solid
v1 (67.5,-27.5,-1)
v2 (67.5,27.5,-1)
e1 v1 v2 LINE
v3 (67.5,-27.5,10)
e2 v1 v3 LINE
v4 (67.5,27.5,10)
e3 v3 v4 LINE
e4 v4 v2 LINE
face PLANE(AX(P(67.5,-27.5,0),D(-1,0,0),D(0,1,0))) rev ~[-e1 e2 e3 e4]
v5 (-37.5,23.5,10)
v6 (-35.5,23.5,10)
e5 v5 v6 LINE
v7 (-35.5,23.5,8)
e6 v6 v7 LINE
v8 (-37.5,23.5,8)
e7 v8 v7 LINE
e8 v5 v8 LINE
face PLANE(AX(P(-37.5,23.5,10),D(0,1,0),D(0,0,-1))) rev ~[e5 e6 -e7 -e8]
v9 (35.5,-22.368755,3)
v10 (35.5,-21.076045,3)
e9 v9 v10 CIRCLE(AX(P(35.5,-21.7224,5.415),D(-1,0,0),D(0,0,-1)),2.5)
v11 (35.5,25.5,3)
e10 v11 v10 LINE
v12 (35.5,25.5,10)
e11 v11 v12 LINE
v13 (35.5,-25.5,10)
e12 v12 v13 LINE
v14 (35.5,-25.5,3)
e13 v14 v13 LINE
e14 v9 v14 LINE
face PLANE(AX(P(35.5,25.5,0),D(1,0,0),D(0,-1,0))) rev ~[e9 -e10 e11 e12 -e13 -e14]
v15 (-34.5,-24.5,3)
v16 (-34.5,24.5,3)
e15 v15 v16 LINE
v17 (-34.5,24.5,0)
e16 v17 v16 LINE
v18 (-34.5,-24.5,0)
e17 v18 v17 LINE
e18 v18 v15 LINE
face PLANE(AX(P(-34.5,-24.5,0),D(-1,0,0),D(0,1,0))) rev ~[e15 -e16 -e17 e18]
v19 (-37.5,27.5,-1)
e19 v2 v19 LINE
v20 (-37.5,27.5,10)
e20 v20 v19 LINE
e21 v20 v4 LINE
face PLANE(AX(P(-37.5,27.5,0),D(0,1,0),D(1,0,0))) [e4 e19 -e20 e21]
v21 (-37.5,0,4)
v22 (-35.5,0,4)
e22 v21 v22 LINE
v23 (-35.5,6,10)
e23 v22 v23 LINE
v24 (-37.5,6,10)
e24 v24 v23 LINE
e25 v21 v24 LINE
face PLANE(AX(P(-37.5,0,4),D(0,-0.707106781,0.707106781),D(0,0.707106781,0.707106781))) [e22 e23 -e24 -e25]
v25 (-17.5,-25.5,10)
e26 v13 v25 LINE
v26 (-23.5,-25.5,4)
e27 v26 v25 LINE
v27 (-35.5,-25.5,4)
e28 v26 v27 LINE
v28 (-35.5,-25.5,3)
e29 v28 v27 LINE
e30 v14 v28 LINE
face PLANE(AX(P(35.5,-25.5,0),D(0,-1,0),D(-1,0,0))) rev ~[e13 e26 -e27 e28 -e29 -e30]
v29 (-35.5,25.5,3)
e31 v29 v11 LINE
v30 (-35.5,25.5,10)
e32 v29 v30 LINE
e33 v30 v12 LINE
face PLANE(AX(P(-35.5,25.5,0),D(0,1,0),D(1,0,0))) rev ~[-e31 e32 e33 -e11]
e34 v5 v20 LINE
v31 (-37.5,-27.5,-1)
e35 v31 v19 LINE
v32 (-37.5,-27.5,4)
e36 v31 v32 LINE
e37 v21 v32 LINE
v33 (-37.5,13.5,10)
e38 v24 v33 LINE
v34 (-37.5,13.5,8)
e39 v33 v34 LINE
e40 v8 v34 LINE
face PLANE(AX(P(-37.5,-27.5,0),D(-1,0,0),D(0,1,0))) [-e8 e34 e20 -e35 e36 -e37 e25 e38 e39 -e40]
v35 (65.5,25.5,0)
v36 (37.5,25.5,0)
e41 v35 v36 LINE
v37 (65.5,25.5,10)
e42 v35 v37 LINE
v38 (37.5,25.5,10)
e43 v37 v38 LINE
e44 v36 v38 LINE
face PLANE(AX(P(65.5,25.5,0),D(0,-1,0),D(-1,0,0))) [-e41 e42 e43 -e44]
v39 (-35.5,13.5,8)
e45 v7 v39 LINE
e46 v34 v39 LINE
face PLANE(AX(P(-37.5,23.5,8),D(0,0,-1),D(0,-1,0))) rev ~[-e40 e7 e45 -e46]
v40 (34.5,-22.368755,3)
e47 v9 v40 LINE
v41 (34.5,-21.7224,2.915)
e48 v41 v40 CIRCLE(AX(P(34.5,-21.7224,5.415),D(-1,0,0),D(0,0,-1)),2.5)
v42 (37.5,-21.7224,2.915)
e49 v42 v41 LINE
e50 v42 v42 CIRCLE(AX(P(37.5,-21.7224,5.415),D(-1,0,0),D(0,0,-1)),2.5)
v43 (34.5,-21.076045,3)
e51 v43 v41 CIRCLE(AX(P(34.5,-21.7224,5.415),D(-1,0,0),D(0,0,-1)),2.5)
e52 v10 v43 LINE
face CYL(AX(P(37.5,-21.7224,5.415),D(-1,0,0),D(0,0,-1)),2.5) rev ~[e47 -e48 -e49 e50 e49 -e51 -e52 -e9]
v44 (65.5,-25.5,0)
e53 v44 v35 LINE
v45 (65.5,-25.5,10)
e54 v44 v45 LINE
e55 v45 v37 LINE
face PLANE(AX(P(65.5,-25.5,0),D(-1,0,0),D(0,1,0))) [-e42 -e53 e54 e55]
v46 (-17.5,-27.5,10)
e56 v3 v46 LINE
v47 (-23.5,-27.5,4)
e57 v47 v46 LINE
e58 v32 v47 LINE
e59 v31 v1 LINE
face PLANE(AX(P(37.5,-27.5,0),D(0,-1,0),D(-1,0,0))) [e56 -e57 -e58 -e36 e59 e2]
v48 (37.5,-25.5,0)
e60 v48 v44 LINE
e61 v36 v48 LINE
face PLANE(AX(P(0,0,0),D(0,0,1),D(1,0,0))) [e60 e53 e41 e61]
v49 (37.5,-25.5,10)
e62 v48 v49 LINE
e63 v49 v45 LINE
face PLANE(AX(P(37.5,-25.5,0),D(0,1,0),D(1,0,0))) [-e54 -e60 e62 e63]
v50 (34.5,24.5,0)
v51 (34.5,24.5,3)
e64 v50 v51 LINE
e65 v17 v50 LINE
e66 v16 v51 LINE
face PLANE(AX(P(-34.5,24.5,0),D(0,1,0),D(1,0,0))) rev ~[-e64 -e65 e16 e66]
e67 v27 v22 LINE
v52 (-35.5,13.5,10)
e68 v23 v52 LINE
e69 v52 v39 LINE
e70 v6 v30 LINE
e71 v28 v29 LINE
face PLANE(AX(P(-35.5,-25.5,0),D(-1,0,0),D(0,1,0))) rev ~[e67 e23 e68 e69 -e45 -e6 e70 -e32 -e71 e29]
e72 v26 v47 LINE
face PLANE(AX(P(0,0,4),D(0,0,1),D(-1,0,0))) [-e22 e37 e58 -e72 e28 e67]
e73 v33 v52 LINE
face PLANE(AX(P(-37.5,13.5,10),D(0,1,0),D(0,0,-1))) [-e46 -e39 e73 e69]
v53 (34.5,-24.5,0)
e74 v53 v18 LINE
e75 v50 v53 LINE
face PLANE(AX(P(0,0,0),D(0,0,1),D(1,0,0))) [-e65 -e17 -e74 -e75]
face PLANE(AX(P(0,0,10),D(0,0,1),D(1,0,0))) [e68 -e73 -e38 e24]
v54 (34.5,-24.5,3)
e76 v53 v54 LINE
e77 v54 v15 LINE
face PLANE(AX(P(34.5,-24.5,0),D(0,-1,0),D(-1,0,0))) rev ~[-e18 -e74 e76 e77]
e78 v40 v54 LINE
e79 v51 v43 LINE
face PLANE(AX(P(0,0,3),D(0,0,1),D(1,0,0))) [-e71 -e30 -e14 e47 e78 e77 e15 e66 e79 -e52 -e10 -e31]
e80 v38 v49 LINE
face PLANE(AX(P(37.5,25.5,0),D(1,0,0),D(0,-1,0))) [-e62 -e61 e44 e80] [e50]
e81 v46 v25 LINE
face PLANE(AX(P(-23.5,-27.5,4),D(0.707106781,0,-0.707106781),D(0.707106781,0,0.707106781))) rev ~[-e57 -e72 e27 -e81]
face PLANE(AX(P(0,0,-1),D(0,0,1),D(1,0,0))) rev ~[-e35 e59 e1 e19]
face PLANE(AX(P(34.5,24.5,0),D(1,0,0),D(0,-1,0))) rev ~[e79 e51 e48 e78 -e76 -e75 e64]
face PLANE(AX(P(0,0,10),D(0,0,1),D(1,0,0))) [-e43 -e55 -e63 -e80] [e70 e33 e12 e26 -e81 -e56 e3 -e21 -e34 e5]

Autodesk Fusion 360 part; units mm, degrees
sketch "Sketch1" plane through (0, 0, 0) normal (0, 0, 1) x (1, 0, 0)
  line L0 (35.5, -25.5) -> (-35.5, -25.5)
  line L1 (-35.5, -25.5) -> (-35.5, 25.5)
  line L2 (-35.5, 25.5) -> (35.5, 25.5)
  line L3 (35.5, 25.5) -> (35.5, -25.5)
  line L4 (35.5, -25.5) -> (-35.5, 25.5) construction
  line L5 (-35.5, -25.5) -> (35.5, 25.5) construction
  line L6 (34.5, -24.5) -> (-34.5, -24.5)
  line L7 (-34.5, -24.5) -> (-34.5, 24.5)
  line L8 (-34.5, 24.5) -> (34.5, 24.5)
  line L9 (34.5, 24.5) -> (34.5, -24.5)
  line L10 (-37.5, -27.5) -> (-37.5, 27.5)
  line L11 (-37.5, 27.5) -> (37.5, 27.5)
  line L12 (37.5, 27.5) -> (37.5, -27.5)
  line L13 (37.5, -27.5) -> (-37.5, -27.5)
  line L14 (37.5, -27.5) -> (67.5, -27.5)
  line L15 (67.5, -27.5) -> (67.5, 27.5)
  line L16 (67.5, 27.5) -> (37.5, 27.5)
  line L17 (37.5, 27.5) -> (37.5, -27.5)
  line L18 (37.5, -25.5) -> (65.5, -25.5)
  line L19 (65.5, -25.5) -> (65.5, 25.5)
  line L20 (65.5, 25.5) -> (37.5, 25.5)
  dimension "d1" = 71
  dimension "d2" = 51
  dimension "d3" = 1
  dimension "d4" = -2
  dimension "d5" = 30
  dimension "d6" = 55
  dimension "d7" = -2
extrude "Extrude1" add sketch "Sketch1" along normal blind 10 contours L10 L11 L12 L13 L17 | L12 L14 L15 L16 L17 L18 L19 L20
extrude "Extrude2" add sketch "Sketch1" against normal blind 1 contours L0 L1 L2 L3 | L6 L7 L8 L9 | L10 L11 L12 L13 L17 | L12 L14 L15 L16 L17 L18 L19 L20 | L12 L17 L18 L19 L20
extrude "Extrude3" add sketch "Sketch1" along normal blind 3 contours L0 L1 L2 L3
hole "Hole1" at (37.5, -21.7224, 5.415) direction (-1, 0, 0) diameter 5 depth 5 tip angle 118
sketch "Sketch2" plane through (0, 0, 10) normal (0, 0, 1) x (-1, 0, 0)
  line L0 (35.5, -25.5) -> (-35.5, -25.5)
  line L1 (-35.5, -25.5) -> (-35.5, 25.5)
  line L2 (-35.5, 25.5) -> (35.5, 25.5)
  line L3 (35.5, 25.5) -> (35.5, -25.5)
  line L4 (-37.5, -25.5) -> (-65.5, -25.5)
  line L5 (-65.5, -25.5) -> (-65.5, 25.5)
  line L6 (-65.5, 25.5) -> (-37.5, 25.5)
  line L7 (-37.5, 25.5) -> (-37.5, -25.5)
  line L8 (37.5, 27.5) -> (-67.5, 27.5)
  line L9 (-67.5, 27.5) -> (-67.5, -27.5)
  line L10 (-67.5, -27.5) -> (37.5, -27.5)
  line L11 (37.5, -27.5) -> (37.5, 27.5)
  line L12 (37.5, 0) -> (23.5, 0)
  line L13 (23.5, 0) -> (23.5, 27.5)
  line L14 (23.5, 27.5) -> (37.5, 27.5)
  line L15 (37.5, 27.5) -> (37.5, 0)
  dimension "d17" = 14
extrude "Extrude4" cut sketch "Sketch2" against normal blind 6 contours L2 L3 L8 L11 L12 L13 L14 L15
sketch "Sketch3" plane through (0, -27.5, 0) normal (0, -1, 0) x (1, 0, 0)
  line L0 (-23.5, 4) -> (-37.5, 4)
  line L1 (-37.5, 4) -> (-37.5, -1)
  line L2 (-37.5, -1) -> (67.5, -1)
  line L3 (67.5, -1) -> (67.5, 10)
  line L4 (67.5, 10) -> (-23.5, 10)
  line L5 (-23.5, 10) -> (-23.5, 4)
  line L6 (-23.5, 4) -> (0.8403, 28.3403)
  line L7 (-23.5, 4) -> (10.9224, 4) construction
  line L8 (-17.5, 10) -> (-17.5, 4)
  line L9 (-23.5, 4) -> (-17.5, 4)
  dimension "d23" = 45
extrude "Extrude5" cut sketch "Sketch3" against normal blind 8 contours L4 L5 L6
sketch "Sketch4" plane through (-37.5, 0, 0) normal (-1, 0, 0) x (0, -1, 0)
  line L0 (27.5, 4) -> (0, 4)
  line L1 (0, 4) -> (0, 10)
  line L2 (0, 10) -> (-27.5, 10)
  line L3 (-27.5, 10) -> (-27.5, -1)
  line L4 (-27.5, -1) -> (27.5, -1)
  line L5 (27.5, -1) -> (27.5, 4)
  line L6 (-27.5, 10) -> (-23.5, 10)
  line L7 (-23.5, 10) -> (-13.5, 10)
  line L8 (0, 4) -> (-6, 10)
  line L9 (0, 4) -> (8.4853, 4) construction
  line L10 (0, 4) -> (-27.5, 4)
  line L11 (-6, 10) -> (-6, 4)
  line L12 (-13.5, 10) -> (-13.5, 8)
  line L13 (-23.5, 10) -> (-23.5, 8)
  line L14 (-23.5, 8) -> (-13.5, 8)
  dimension "d26" = 4
  dimension "d27" = 10
  dimension "d28" = 135
  dimension "d29" = 2
extrude "Extrude6" cut sketch "Sketch4" against normal blind 5.5 contours L1 L2 L8 | L2 L7 L12 L13 L14
